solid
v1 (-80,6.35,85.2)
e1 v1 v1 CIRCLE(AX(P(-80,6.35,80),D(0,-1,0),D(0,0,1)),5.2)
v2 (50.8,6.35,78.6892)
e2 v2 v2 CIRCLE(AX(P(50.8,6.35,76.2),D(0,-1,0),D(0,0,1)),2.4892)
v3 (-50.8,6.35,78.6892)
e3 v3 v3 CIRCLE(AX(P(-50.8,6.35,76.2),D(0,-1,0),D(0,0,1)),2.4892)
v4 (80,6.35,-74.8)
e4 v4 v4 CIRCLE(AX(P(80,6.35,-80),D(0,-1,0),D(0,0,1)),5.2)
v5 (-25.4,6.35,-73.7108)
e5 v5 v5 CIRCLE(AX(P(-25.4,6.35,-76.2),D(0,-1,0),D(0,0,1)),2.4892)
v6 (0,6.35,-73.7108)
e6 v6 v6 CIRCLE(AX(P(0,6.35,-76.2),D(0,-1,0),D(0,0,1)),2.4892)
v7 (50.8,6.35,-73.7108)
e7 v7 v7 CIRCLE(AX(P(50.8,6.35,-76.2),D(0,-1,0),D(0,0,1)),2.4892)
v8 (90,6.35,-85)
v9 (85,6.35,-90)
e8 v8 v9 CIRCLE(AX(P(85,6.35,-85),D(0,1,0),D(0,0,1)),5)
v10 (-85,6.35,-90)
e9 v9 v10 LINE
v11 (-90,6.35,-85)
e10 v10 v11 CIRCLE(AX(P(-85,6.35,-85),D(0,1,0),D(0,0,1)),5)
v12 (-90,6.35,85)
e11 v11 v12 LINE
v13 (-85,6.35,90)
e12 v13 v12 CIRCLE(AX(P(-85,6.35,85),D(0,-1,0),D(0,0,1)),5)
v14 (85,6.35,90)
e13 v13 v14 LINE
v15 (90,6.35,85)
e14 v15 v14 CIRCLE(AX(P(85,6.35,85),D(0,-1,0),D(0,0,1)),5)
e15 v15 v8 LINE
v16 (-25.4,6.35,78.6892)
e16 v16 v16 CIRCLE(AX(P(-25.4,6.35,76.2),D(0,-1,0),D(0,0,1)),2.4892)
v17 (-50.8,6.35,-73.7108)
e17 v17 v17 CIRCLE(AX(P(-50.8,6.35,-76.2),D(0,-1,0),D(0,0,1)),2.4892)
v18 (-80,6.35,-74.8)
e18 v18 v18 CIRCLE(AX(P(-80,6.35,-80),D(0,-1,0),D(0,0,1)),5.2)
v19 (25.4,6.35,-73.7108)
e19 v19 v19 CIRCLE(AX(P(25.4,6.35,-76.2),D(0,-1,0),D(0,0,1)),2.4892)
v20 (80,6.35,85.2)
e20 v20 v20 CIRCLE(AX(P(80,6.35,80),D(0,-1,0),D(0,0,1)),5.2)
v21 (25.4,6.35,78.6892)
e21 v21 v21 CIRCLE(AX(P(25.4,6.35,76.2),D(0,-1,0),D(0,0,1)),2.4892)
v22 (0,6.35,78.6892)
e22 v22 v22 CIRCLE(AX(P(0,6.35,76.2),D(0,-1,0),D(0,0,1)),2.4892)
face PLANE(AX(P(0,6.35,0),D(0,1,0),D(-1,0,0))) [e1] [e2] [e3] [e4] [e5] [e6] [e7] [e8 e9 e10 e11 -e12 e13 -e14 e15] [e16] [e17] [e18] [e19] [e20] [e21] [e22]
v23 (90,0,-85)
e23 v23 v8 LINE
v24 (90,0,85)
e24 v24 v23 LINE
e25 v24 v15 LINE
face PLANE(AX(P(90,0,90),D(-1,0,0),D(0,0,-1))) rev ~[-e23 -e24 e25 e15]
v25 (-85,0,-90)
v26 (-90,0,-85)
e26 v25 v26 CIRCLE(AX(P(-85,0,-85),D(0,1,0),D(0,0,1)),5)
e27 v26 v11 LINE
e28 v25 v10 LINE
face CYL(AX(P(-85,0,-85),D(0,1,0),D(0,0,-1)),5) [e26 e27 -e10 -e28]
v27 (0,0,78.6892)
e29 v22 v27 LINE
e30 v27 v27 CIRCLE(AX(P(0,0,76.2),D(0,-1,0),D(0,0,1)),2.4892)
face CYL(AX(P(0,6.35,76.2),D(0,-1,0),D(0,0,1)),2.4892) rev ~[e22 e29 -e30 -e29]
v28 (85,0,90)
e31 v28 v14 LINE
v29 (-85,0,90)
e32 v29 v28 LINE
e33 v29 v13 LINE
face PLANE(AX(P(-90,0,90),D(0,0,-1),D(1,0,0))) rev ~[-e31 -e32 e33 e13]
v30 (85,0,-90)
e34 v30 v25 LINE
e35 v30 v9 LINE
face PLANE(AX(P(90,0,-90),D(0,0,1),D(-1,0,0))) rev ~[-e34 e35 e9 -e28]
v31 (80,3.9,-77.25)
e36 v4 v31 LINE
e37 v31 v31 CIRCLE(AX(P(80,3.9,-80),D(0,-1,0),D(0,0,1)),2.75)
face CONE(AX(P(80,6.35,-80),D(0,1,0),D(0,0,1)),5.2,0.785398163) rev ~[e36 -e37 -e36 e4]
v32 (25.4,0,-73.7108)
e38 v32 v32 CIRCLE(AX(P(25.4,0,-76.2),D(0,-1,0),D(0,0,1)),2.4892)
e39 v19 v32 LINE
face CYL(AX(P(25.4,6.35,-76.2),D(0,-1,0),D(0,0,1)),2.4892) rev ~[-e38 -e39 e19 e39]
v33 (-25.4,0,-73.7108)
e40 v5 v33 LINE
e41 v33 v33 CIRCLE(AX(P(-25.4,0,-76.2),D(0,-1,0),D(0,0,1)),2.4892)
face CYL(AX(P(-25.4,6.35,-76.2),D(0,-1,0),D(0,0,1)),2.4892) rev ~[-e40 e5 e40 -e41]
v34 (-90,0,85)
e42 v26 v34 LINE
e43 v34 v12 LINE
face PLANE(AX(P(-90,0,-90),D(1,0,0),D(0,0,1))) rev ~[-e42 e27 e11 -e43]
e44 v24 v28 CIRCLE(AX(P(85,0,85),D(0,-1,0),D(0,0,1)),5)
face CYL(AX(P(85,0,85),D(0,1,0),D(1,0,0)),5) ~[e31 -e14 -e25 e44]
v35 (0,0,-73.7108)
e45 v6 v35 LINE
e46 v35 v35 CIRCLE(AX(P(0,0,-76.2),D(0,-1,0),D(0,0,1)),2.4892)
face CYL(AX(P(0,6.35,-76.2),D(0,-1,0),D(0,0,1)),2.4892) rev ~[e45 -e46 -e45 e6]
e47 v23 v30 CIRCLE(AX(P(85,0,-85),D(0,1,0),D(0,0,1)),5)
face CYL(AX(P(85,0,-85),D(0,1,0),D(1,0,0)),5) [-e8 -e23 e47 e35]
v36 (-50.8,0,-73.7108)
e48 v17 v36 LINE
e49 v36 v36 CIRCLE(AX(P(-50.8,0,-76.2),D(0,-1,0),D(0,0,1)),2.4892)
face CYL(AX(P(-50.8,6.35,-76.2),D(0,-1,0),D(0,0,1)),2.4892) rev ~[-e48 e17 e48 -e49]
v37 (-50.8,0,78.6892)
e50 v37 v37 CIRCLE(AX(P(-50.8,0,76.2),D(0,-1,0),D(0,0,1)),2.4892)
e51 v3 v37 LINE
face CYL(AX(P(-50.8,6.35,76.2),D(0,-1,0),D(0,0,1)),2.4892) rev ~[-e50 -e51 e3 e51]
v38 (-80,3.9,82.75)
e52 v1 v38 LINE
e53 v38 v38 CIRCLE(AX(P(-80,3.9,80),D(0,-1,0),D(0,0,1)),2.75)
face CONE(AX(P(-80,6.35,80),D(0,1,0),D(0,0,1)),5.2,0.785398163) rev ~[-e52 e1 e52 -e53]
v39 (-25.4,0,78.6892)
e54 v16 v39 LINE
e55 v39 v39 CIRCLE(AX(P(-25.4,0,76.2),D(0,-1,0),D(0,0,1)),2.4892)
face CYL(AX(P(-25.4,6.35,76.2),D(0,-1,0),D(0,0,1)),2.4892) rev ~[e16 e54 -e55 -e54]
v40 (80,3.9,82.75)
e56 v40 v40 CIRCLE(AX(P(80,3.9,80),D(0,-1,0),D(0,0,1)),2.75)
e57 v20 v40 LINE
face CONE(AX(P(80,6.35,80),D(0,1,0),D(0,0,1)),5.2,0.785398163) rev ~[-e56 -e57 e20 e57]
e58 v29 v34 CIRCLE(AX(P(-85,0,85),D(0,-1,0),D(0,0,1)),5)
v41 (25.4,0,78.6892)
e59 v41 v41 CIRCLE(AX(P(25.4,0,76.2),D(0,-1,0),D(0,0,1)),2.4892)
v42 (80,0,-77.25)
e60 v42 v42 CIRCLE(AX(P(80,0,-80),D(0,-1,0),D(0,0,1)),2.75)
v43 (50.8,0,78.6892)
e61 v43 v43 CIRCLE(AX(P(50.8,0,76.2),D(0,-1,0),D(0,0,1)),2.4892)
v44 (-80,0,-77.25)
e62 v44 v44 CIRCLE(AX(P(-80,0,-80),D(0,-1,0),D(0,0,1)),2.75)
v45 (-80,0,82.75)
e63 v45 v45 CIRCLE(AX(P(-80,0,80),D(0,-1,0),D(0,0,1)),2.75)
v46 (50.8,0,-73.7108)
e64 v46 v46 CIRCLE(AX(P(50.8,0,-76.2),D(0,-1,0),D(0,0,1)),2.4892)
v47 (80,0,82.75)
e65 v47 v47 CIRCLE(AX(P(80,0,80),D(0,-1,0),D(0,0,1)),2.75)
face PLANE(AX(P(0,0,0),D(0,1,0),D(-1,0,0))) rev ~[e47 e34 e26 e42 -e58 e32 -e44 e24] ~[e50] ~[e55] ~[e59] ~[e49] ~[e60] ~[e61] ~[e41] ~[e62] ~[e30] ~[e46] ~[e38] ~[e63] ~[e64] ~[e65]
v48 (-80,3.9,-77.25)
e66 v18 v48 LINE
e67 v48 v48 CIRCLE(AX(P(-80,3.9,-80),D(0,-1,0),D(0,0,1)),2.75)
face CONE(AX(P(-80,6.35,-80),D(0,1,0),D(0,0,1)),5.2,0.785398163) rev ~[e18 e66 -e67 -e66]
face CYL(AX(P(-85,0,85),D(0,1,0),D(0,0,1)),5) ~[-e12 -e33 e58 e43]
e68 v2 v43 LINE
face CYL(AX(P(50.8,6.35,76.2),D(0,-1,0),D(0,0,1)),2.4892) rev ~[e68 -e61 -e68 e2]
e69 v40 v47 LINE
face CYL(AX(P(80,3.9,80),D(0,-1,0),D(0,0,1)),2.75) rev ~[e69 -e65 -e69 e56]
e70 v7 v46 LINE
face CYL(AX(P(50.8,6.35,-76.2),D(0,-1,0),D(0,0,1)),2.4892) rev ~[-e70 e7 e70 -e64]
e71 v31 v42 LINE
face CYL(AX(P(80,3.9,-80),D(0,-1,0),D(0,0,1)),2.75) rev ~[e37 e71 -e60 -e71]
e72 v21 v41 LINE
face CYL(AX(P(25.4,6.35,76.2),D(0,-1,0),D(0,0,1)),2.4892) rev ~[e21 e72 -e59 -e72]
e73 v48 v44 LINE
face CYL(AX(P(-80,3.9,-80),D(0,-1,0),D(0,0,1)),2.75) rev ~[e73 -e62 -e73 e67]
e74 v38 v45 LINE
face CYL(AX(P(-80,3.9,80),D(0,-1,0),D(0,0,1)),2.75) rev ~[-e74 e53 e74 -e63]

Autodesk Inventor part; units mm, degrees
ref_plane "YZ Plane" through (0, 0, 0) normal (1, 0, 0) x (0, 1, 0)
ref_plane "XZ Plane" through (0, 0, 0) normal (0, 1, 0) x (-1, 0, 0)
ref_plane "XY Plane" through (0, 0, 0) normal (0, 0, 1) x (1, 0, 0)
sketch "Sketch1" plane through (0, 0, 0) normal (0, 1, 0) x (-1, 0, 0)
  line L0 (-90, -90) -> (90, -90)
  line L1 (90, -90) -> (90, 90)
  line L2 (90, 90) -> (-90, 90)
  line L3 (-90, 90) -> (-90, -90)
  line L4 (-90, -90) -> (90, 90) construction
  line L5 (90, -90) -> (-90, 90) construction
  point P0 (0, 0)
  dimension "d0" = 180
  dimension "d1" = 180
extrude "Extrusion1" add sketch "Sketch1" along normal blind 6.35
sketch "Sketch2" plane through (0, 6.35, 0) normal (0, 1, 0) x (1, 0, 0)
  point P0 (0, 0)
  point P1 (-80, -80)
  point P2 (-80, 80)
  point P3 (80, 80)
  point P4 (80, -80)
  dimension "d4" = 160
  dimension "d5" = 80
  dimension "d6" = 160
  dimension "d7" = 80
hole "Hole1" at (-80, 6.35, 80) at (-80, 6.35, -80) at (80, 6.35, -80) at (80, 6.35, 80) direction (0, -1, 0) diameter 5.5 end through all countersink diameter 10.4 countersink angle 90 clearance for "Flat Head Machine Screw" size "M5" standard "Ansi Metric M Profile"
sketch "Sketch3" plane through (0, 6.35, 0) normal (0, 1, 0) x (1, 0, 0)
  point P0 (0, 0)
  point P1 (-25.4, 76.2)
  point P2 (-25.4, -76.2)
  point P3 (25.4, -76.2)
  point P4 (25.4, 76.2)
  point P5 (0, -76.2)
  point P6 (0, 76.2)
  point P7 (-50.8, 76.2)
  point P8 (-50.8, -76.2)
  point P9 (50.8, -76.2)
  point P10 (50.8, 76.2)
  dimension "d15" = 152.4
  dimension "d16" = 50.8
  dimension "d17" = 76.2
  dimension "d18" = 25.4
  dimension "d27" = 25.4
  dimension "d28" = 25.4
hole "Hole2" at (-25.4, 6.35, -76.2) at (-25.4, 6.35, 76.2) at (25.4, 6.35, 76.2) at (25.4, 6.35, -76.2) at (0, 6.35, 76.2) at (-50.8, 6.35, 76.2) at (50.8, 6.35, 76.2) at (50.8, 6.35, -76.2) at (0, 6.35, -76.2) at (-50.8, 6.35, -76.2) direction (0, -1, 0) diameter 4.9784 end through all thread size "1/4-20 UNC" class "2B" standard "ANSI Unified Screw Threads"
fillet "Fillet1" radius 5 4 edges at (90, 3.175, 90) (90, 3.175, -90) (-90, 3.175, -90) (-90, 3.175, 90)
equation "\"d5\" = 0.5 * d4"
equation "\"d7\" = 0.5 * d6"
equation "\"d17\" = 0.5 * d15"
equation "\"d18\" = 0.5 * d16"
properties part number "Chuck Adapter Plate"
